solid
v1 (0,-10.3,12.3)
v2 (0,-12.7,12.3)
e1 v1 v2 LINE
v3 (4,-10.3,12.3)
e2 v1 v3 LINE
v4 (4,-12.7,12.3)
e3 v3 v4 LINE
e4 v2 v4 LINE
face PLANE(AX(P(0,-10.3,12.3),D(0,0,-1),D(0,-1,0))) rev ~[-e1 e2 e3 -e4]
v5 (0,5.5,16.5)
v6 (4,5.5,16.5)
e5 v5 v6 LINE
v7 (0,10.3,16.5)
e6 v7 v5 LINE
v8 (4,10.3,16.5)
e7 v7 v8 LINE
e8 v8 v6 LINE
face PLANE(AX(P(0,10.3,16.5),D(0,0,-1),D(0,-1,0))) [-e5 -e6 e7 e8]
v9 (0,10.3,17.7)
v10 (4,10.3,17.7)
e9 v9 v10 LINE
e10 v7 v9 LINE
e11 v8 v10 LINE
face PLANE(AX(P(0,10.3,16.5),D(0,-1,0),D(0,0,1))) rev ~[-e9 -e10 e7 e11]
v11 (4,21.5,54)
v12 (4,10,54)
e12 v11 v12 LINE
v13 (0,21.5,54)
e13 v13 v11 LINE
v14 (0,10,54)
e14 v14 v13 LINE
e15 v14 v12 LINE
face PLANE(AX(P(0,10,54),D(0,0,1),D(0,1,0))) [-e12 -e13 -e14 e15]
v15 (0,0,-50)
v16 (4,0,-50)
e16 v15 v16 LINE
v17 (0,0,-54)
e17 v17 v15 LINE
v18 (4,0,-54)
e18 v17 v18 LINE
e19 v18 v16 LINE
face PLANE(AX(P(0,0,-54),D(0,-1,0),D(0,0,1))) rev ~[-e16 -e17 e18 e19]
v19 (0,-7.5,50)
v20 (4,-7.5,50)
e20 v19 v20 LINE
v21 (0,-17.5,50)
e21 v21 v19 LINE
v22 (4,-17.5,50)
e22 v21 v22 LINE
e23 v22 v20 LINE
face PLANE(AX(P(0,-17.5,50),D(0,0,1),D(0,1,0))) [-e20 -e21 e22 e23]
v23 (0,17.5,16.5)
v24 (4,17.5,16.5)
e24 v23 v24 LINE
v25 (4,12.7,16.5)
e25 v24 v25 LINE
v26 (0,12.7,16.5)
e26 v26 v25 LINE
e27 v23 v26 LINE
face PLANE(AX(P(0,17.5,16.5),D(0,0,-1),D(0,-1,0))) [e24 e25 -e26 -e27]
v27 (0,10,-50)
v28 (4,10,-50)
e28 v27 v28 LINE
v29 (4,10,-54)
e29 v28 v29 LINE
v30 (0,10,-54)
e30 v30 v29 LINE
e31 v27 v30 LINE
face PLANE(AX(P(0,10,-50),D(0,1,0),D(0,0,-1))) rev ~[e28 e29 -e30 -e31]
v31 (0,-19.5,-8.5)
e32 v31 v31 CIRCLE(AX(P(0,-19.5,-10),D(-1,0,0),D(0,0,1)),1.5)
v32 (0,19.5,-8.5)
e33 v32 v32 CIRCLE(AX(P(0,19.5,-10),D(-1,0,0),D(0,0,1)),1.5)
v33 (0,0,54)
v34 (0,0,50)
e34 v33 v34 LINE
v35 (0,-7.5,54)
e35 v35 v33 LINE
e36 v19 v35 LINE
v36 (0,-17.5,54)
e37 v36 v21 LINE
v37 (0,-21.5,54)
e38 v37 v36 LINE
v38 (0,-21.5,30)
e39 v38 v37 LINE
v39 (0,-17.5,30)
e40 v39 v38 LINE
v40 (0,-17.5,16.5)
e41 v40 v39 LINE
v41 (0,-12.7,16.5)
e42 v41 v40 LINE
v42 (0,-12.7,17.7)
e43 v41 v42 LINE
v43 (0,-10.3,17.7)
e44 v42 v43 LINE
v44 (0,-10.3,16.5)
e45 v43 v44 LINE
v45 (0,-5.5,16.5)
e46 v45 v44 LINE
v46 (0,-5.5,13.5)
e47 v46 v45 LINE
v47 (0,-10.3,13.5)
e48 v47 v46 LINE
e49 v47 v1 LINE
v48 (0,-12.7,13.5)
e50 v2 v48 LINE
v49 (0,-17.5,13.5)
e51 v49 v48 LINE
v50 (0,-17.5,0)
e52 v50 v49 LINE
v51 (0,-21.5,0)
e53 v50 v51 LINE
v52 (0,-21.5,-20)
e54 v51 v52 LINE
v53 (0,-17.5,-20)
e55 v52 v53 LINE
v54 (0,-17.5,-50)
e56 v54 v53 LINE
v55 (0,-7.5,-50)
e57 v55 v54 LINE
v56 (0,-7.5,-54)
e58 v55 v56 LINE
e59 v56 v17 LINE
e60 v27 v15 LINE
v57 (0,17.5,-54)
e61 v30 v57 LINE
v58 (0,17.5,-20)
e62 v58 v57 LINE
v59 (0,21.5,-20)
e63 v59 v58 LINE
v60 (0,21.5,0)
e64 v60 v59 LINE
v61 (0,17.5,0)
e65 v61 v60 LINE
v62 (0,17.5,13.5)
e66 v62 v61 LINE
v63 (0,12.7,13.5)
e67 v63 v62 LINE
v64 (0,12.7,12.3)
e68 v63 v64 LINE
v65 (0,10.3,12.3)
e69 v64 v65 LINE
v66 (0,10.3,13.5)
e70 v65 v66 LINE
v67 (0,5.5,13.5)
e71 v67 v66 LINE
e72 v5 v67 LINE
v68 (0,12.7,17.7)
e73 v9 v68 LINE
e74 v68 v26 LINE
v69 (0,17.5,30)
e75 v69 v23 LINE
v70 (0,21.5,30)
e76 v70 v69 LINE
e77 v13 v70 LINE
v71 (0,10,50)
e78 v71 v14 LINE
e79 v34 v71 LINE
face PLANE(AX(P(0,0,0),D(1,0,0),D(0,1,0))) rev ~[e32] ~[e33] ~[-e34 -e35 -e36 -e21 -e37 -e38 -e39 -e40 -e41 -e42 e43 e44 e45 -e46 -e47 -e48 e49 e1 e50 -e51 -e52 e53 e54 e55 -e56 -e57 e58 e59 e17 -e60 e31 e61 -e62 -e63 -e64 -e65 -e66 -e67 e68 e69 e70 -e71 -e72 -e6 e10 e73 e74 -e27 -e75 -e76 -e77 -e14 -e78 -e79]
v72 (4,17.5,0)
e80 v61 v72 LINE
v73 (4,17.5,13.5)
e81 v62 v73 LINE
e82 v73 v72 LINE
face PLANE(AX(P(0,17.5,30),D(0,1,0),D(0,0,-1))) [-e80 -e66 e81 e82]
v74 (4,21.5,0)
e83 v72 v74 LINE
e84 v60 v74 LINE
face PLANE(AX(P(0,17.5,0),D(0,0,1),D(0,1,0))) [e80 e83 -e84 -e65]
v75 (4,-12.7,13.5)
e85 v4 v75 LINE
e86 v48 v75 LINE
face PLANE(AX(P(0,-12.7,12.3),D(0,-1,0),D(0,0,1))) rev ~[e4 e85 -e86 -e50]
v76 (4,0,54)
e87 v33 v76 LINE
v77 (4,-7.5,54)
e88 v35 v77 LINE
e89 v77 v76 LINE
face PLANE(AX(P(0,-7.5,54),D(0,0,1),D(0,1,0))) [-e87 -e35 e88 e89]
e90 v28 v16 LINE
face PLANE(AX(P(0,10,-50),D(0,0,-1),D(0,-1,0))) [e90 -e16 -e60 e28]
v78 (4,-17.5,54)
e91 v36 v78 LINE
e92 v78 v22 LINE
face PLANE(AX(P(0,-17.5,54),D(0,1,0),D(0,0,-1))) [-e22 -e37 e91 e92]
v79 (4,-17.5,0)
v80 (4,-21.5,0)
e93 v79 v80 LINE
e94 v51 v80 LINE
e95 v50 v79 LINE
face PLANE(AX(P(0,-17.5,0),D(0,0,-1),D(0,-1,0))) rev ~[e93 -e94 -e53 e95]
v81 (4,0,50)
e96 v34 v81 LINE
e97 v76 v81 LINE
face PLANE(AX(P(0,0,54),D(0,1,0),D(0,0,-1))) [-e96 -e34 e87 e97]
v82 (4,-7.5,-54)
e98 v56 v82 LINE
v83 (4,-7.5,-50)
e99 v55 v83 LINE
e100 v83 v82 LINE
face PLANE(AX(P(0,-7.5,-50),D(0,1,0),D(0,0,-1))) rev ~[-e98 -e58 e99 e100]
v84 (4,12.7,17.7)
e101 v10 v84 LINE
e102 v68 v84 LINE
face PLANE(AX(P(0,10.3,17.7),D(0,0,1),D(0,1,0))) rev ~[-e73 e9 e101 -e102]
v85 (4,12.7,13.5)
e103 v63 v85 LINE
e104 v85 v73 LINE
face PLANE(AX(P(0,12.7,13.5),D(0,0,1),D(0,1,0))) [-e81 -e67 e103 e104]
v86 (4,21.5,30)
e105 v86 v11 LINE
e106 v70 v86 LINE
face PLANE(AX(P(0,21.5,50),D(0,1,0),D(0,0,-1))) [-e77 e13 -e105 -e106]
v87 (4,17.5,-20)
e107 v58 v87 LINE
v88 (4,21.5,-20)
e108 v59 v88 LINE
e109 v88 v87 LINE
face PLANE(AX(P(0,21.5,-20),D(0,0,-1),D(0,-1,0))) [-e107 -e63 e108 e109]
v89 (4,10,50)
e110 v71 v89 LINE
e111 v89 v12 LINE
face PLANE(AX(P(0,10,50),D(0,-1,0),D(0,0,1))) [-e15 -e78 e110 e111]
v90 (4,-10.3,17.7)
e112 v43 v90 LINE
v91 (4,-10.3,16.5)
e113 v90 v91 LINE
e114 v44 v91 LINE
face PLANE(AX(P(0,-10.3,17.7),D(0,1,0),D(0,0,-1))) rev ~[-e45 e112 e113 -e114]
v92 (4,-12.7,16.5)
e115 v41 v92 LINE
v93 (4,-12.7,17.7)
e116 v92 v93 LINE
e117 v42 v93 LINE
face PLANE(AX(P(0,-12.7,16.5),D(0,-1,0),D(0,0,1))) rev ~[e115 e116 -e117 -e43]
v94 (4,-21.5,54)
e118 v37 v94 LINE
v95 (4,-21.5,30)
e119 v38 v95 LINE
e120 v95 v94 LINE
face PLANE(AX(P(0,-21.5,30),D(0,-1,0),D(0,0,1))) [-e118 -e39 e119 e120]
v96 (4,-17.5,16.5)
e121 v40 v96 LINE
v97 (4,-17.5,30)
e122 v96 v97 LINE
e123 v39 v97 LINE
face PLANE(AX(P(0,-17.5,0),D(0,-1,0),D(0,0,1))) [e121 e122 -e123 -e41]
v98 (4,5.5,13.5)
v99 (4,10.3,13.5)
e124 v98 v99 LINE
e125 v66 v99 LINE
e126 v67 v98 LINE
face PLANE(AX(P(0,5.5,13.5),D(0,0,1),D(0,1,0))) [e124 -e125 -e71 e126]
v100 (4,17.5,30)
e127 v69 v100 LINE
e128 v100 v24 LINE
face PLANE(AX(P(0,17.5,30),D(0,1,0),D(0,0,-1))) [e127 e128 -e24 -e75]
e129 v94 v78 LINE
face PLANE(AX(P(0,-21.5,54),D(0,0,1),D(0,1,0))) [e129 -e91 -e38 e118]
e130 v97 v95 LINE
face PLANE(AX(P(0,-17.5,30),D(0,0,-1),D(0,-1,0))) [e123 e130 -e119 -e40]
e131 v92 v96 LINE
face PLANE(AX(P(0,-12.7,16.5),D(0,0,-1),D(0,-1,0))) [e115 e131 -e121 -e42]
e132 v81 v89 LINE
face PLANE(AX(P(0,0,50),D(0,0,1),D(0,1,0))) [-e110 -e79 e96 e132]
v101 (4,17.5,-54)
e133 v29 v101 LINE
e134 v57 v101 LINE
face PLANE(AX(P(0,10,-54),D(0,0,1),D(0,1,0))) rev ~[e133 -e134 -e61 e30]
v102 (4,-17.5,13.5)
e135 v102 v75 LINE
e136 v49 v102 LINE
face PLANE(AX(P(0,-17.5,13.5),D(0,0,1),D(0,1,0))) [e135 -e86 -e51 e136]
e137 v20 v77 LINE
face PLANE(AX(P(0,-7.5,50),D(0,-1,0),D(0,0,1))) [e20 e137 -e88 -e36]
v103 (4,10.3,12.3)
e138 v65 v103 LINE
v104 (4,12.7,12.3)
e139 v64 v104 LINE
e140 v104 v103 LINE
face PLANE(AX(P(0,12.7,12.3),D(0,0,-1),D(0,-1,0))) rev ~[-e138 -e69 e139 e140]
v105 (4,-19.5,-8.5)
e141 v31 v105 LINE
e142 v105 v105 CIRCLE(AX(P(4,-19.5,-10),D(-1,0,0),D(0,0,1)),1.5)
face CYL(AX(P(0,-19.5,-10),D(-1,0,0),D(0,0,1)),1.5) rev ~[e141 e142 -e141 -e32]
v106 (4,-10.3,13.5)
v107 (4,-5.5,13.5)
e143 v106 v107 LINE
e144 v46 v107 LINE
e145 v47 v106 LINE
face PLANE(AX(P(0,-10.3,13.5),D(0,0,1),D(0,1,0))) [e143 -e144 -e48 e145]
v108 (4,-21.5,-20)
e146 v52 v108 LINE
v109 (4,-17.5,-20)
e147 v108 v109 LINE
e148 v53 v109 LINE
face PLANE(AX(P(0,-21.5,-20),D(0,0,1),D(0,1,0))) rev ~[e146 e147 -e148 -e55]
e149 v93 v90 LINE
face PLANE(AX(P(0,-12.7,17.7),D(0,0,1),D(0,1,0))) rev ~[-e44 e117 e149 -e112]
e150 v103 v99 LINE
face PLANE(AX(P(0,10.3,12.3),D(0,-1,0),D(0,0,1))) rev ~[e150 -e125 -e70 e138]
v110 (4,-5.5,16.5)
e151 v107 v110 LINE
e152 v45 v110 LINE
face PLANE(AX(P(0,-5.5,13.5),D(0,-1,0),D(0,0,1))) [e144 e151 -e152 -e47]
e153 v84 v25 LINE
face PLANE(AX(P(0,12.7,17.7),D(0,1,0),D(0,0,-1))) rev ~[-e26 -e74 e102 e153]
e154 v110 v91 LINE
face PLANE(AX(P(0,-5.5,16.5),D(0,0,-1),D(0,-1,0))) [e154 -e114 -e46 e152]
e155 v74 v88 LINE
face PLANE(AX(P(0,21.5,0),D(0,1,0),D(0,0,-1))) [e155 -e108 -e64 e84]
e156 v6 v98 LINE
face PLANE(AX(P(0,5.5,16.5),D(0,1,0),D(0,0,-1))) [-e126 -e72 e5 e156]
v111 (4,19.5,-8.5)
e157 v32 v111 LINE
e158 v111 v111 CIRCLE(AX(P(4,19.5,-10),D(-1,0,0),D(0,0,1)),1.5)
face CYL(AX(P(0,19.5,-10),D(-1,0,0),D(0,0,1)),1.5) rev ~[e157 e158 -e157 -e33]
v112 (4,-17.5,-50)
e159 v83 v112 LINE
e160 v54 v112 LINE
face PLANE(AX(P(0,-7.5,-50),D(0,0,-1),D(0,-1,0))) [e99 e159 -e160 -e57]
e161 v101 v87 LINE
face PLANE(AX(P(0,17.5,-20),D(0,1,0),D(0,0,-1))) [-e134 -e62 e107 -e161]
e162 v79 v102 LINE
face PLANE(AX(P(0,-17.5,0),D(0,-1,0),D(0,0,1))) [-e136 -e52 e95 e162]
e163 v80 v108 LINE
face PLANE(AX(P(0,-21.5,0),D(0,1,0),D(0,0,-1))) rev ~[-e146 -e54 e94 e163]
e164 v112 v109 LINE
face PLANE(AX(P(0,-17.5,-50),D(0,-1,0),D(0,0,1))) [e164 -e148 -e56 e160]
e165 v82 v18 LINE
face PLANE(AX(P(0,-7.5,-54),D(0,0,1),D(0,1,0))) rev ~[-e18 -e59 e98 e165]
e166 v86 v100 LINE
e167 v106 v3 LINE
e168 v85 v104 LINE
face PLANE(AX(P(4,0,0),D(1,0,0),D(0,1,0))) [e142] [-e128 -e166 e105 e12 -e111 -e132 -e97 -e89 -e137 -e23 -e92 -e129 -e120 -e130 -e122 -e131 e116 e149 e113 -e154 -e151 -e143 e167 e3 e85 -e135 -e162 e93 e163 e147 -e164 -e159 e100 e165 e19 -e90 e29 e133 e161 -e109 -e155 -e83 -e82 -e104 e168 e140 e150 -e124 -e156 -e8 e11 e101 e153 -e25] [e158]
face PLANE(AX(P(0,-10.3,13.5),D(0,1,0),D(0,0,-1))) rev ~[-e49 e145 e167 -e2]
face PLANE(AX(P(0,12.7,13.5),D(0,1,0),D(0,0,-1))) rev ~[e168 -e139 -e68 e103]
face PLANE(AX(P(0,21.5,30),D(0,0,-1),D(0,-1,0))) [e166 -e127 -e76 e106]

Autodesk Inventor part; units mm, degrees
ref_plane "YZ Plane" through (0, 0, 0) normal (1, 0, 0) x (0, 1, 0)
ref_plane "XZ Plane" through (0, 0, 0) normal (0, 1, 0) x (-1, 0, 0)
ref_plane "XY Plane" through (0, 0, 0) normal (0, 0, 1) x (1, 0, 0)
sketch "Sketch1" plane through (0, 0, 0) normal (1, 0, 0) x (0, 1, 0)
  line L0 (-17.5, 50) -> (17.5, 50)
  line L1 (17.5, 50) -> (17.5, -50)
  line L2 (17.5, -50) -> (-17.5, -50)
  line L3 (-17.5, -50) -> (-17.5, 50)
  line L4 (-17.5, 50) -> (17.5, -50) construction
  line L5 (17.5, 50) -> (-17.5, -50) construction
  line L6 (17.5, 50) -> (10, 50)
  line L7 (10, 50) -> (10, 54)
  line L8 (10, 54) -> (17.5, 54)
  line L9 (17.5, 54) -> (17.5, 50)
  line L10 (0, 50) -> (-7.5, 50)
  line L11 (-7.5, 50) -> (-7.5, 54)
  line L12 (-7.5, 54) -> (0, 54)
  line L13 (0, 54) -> (0, 50)
  line L14 (17.5, 0) -> (-17.5, 0) construction
  line L15 (0, 50) -> (0, -50) construction
  line L16 (17.5, -50) -> (10, -50)
  line L17 (10, -50) -> (10, -54)
  line L18 (10, -54) -> (17.5, -54)
  line L19 (17.5, -54) -> (17.5, -50)
  line L20 (0, -50) -> (-7.5, -50)
  line L21 (-7.5, -50) -> (-7.5, -54)
  line L22 (-7.5, -54) -> (0, -54)
  line L23 (0, -54) -> (0, -50)
  line L24 (17.5, 50) -> (21.5, 50)
  line L25 (21.5, 50) -> (21.5, 30)
  line L26 (21.5, 30) -> (17.5, 30)
  line L27 (17.5, 30) -> (17.5, 50)
  line L28 (17.5, 0) -> (21.5, 0)
  line L29 (21.5, 0) -> (21.5, -20)
  line L30 (21.5, -20) -> (17.5, -20)
  line L31 (17.5, -20) -> (17.5, 0)
  line L32 (-17.5, 0) -> (-21.5, 0)
  line L33 (-21.5, 0) -> (-21.5, -20)
  line L34 (-21.5, -20) -> (-17.5, -20)
  line L35 (-17.5, -20) -> (-17.5, 0)
  line L36 (17.5, 50) -> (21.5, 50)
  line L37 (21.5, 50) -> (21.5, 54)
  line L38 (21.5, 54) -> (17.5, 54)
  line L39 (17.5, 54) -> (17.5, 50)
  line L40 (-17.5, 30) -> (-21.5, 30)
  line L41 (-21.5, 30) -> (-21.5, 54)
  line L42 (-21.5, 54) -> (-17.5, 54)
  line L43 (-17.5, 54) -> (-17.5, 30)
  point P0 (0, 0)
  point P1 (0, 52)
  point P2 (0, -52)
  point P3 (-17.5, -20)
  point P4 (-7.5, -50)
  point P5 (10, -50)
  point P6 (17.5, -20)
  point P7 (17.5, 30)
  point P8 (10, 50)
  point P9 (-7.5, 50)
  point P10 (-19.5, 0)
  point P11 (-19.5, 30)
  dimension "d0" = 35
  dimension "d2" = 7.5
  dimension "d3" = 4
  dimension "d4" = 7.5
  dimension "d5" = 4
  dimension "d6" = 10
  dimension "d7" = 4
  dimension "d8" = 20
  dimension "d9" = 4
  dimension "d10" = 20
  dimension "d13" = 4
  dimension "d14" = 20
  dimension "d17" = 4
  dimension "d18" = 24
  dimension "d19" = 30
extrude "Extrusion1" add sketch "Sketch1" along normal blind 4
sketch "Sketch2" plane through (0, 0, 0) normal (-1, 0, 0) x (0, 0, 1)
  line L0 (-8.5, 17.5) -> (-11.5, 17.5) construction
  line L1 (-8.5, 21.5) -> (-8.5, 17.5) construction
  line L2 (-11.5, 21.5) -> (-8.5, 21.5) construction
  line L3 (-11.5, 21.5) -> (-11.5, 17.5) construction
  line L4 (13.5, 21.5) -> (16.5, 21.5) projected
  line L5 (-11.5, 21.5) -> (-8.5, 17.5) construction
  circle A0 centre (-10, 19.5) radius 1.5
  line L6 (13.5, 17.5) -> (16.5, 17.5)
  line L7 (16.5, 17.5) -> (16.5, 5.5)
  line L8 (16.5, 5.5) -> (13.5, 5.5)
  line L9 (13.5, 5.5) -> (13.5, 17.5)
  line L10 (0, 17.5) -> (30, 17.5) projected
  line L11 (12.3, 10.3) -> (17.7, 10.3)
  line L12 (17.7, 10.3) -> (17.7, 12.7)
  line L13 (17.7, 12.7) -> (12.3, 12.7)
  line L14 (12.3, 12.7) -> (12.3, 10.3)
  line L15 (13.5, -5.5) -> (16.5, -5.5)
  line L16 (16.5, -5.5) -> (16.5, -17.5)
  line L17 (16.5, -17.5) -> (13.5, -17.5)
  line L18 (13.5, -17.5) -> (13.5, -5.5)
  line L19 (12.3, -12.7) -> (17.7, -12.7)
  line L20 (17.7, -12.7) -> (17.7, -10.3)
  line L21 (17.7, -10.3) -> (12.3, -10.3)
  line L22 (12.3, -10.3) -> (12.3, -12.7)
  line L23 (30, -17.5) -> (0, -17.5) projected
  line L24 (16.5, -21.5) -> (13.5, -21.5) projected
  line L25 (30, 21.5) -> (54, 21.5) construction
  line L26 (54, 21.5) -> (54, 10) construction
  line L27 (54, 10) -> (50, 10) construction
  line L28 (50, 10) -> (50, 0) construction
  line L29 (50, 0) -> (54, 0) construction
  line L30 (54, 0) -> (54, -7.5) construction
  line L31 (54, -7.5) -> (50, -7.5) construction
  line L32 (50, -7.5) -> (50, -17.5) construction
  line L33 (50, -17.5) -> (54, -17.5) construction
  line L34 (54, -17.5) -> (54, -21.5) construction
  line L35 (54, -21.5) -> (30, -21.5) construction
  line L36 (30, -21.5) -> (30, -17.5) construction
  line L37 (30, -17.5) -> (0, -17.5) construction
  line L38 (0, -17.5) -> (0, -21.5) construction
  line L39 (0, -21.5) -> (-20, -21.5) construction
  line L40 (-20, -21.5) -> (-20, -17.5) construction
  line L41 (-20, -17.5) -> (-50, -17.5) construction
  line L42 (-50, -17.5) -> (-50, -7.5) construction
  line L43 (-50, -7.5) -> (-54, -7.5) construction
  line L44 (-54, -7.5) -> (-54, 0) construction
  line L45 (-54, 0) -> (-50, 0) construction
  line L46 (-50, 0) -> (-50, 10) construction
  line L47 (-50, 10) -> (-54, 10) construction
  line L48 (-54, 10) -> (-54, 17.5) construction
  line L49 (-54, 17.5) -> (-20, 17.5) construction
  line L50 (-20, 17.5) -> (-20, 21.5) construction
  line L51 (-20, 21.5) -> (0, 21.5) construction
  line L52 (0, 21.5) -> (0, 17.5) construction
  line L53 (0, 17.5) -> (30, 17.5) construction
  line L54 (30, 17.5) -> (30, 21.5) construction
  line L55 (-11.5, -17.5) -> (-8.5, -17.5) construction
  line L56 (-11.5, -21.5) -> (-11.5, -17.5) construction
  line L57 (-8.5, -21.5) -> (-11.5, -21.5) construction
  line L58 (-8.5, -21.5) -> (-8.5, -17.5) construction
  line L59 (-11.5, -17.5) -> (-8.5, -21.5) construction
  circle A1 centre (-10, -19.5) radius 1.5
  point P0 (0, 0)
  point P1 (15, 17.5)
  point P2 (15, 21.5)
  point P3 (15, 12.7)
  point P4 (17.7, 11.5)
  point P5 (16.5, 11.5)
  point P6 (15, -5.5)
  point P7 (15, -10.3)
  point P8 (17.7, -11.5)
  point P9 (16.5, -11.5)
  point P10 (15, -21.5)
  point P11 (16.5, 12.7)
  point P12 (13.5, 12.7)
  point P13 (13.5, 10.3)
  point P14 (16.5, 10.3)
  point P15 (13.5, -10.3)
  point P16 (13.5, -12.7)
  point P17 (16.5, -12.7)
  point P18 (16.5, -10.3)
  dimension "d20" = 3
  dimension "d21" = 3
  dimension "d22" = 12
  dimension "d23" = 5.4
  dimension "d24" = 2.4
  dimension "d25" = 3
  dimension "d26" = 12
  dimension "d27" = 5.4
  dimension "d28" = 2.4
  dimension "d31" = 3
extrude "Extrusion2" cut sketch "Sketch2" against normal up to next
properties part number "FloorButtonHolder_Side_V1" material "MDF Medium Density Fiberboard"
